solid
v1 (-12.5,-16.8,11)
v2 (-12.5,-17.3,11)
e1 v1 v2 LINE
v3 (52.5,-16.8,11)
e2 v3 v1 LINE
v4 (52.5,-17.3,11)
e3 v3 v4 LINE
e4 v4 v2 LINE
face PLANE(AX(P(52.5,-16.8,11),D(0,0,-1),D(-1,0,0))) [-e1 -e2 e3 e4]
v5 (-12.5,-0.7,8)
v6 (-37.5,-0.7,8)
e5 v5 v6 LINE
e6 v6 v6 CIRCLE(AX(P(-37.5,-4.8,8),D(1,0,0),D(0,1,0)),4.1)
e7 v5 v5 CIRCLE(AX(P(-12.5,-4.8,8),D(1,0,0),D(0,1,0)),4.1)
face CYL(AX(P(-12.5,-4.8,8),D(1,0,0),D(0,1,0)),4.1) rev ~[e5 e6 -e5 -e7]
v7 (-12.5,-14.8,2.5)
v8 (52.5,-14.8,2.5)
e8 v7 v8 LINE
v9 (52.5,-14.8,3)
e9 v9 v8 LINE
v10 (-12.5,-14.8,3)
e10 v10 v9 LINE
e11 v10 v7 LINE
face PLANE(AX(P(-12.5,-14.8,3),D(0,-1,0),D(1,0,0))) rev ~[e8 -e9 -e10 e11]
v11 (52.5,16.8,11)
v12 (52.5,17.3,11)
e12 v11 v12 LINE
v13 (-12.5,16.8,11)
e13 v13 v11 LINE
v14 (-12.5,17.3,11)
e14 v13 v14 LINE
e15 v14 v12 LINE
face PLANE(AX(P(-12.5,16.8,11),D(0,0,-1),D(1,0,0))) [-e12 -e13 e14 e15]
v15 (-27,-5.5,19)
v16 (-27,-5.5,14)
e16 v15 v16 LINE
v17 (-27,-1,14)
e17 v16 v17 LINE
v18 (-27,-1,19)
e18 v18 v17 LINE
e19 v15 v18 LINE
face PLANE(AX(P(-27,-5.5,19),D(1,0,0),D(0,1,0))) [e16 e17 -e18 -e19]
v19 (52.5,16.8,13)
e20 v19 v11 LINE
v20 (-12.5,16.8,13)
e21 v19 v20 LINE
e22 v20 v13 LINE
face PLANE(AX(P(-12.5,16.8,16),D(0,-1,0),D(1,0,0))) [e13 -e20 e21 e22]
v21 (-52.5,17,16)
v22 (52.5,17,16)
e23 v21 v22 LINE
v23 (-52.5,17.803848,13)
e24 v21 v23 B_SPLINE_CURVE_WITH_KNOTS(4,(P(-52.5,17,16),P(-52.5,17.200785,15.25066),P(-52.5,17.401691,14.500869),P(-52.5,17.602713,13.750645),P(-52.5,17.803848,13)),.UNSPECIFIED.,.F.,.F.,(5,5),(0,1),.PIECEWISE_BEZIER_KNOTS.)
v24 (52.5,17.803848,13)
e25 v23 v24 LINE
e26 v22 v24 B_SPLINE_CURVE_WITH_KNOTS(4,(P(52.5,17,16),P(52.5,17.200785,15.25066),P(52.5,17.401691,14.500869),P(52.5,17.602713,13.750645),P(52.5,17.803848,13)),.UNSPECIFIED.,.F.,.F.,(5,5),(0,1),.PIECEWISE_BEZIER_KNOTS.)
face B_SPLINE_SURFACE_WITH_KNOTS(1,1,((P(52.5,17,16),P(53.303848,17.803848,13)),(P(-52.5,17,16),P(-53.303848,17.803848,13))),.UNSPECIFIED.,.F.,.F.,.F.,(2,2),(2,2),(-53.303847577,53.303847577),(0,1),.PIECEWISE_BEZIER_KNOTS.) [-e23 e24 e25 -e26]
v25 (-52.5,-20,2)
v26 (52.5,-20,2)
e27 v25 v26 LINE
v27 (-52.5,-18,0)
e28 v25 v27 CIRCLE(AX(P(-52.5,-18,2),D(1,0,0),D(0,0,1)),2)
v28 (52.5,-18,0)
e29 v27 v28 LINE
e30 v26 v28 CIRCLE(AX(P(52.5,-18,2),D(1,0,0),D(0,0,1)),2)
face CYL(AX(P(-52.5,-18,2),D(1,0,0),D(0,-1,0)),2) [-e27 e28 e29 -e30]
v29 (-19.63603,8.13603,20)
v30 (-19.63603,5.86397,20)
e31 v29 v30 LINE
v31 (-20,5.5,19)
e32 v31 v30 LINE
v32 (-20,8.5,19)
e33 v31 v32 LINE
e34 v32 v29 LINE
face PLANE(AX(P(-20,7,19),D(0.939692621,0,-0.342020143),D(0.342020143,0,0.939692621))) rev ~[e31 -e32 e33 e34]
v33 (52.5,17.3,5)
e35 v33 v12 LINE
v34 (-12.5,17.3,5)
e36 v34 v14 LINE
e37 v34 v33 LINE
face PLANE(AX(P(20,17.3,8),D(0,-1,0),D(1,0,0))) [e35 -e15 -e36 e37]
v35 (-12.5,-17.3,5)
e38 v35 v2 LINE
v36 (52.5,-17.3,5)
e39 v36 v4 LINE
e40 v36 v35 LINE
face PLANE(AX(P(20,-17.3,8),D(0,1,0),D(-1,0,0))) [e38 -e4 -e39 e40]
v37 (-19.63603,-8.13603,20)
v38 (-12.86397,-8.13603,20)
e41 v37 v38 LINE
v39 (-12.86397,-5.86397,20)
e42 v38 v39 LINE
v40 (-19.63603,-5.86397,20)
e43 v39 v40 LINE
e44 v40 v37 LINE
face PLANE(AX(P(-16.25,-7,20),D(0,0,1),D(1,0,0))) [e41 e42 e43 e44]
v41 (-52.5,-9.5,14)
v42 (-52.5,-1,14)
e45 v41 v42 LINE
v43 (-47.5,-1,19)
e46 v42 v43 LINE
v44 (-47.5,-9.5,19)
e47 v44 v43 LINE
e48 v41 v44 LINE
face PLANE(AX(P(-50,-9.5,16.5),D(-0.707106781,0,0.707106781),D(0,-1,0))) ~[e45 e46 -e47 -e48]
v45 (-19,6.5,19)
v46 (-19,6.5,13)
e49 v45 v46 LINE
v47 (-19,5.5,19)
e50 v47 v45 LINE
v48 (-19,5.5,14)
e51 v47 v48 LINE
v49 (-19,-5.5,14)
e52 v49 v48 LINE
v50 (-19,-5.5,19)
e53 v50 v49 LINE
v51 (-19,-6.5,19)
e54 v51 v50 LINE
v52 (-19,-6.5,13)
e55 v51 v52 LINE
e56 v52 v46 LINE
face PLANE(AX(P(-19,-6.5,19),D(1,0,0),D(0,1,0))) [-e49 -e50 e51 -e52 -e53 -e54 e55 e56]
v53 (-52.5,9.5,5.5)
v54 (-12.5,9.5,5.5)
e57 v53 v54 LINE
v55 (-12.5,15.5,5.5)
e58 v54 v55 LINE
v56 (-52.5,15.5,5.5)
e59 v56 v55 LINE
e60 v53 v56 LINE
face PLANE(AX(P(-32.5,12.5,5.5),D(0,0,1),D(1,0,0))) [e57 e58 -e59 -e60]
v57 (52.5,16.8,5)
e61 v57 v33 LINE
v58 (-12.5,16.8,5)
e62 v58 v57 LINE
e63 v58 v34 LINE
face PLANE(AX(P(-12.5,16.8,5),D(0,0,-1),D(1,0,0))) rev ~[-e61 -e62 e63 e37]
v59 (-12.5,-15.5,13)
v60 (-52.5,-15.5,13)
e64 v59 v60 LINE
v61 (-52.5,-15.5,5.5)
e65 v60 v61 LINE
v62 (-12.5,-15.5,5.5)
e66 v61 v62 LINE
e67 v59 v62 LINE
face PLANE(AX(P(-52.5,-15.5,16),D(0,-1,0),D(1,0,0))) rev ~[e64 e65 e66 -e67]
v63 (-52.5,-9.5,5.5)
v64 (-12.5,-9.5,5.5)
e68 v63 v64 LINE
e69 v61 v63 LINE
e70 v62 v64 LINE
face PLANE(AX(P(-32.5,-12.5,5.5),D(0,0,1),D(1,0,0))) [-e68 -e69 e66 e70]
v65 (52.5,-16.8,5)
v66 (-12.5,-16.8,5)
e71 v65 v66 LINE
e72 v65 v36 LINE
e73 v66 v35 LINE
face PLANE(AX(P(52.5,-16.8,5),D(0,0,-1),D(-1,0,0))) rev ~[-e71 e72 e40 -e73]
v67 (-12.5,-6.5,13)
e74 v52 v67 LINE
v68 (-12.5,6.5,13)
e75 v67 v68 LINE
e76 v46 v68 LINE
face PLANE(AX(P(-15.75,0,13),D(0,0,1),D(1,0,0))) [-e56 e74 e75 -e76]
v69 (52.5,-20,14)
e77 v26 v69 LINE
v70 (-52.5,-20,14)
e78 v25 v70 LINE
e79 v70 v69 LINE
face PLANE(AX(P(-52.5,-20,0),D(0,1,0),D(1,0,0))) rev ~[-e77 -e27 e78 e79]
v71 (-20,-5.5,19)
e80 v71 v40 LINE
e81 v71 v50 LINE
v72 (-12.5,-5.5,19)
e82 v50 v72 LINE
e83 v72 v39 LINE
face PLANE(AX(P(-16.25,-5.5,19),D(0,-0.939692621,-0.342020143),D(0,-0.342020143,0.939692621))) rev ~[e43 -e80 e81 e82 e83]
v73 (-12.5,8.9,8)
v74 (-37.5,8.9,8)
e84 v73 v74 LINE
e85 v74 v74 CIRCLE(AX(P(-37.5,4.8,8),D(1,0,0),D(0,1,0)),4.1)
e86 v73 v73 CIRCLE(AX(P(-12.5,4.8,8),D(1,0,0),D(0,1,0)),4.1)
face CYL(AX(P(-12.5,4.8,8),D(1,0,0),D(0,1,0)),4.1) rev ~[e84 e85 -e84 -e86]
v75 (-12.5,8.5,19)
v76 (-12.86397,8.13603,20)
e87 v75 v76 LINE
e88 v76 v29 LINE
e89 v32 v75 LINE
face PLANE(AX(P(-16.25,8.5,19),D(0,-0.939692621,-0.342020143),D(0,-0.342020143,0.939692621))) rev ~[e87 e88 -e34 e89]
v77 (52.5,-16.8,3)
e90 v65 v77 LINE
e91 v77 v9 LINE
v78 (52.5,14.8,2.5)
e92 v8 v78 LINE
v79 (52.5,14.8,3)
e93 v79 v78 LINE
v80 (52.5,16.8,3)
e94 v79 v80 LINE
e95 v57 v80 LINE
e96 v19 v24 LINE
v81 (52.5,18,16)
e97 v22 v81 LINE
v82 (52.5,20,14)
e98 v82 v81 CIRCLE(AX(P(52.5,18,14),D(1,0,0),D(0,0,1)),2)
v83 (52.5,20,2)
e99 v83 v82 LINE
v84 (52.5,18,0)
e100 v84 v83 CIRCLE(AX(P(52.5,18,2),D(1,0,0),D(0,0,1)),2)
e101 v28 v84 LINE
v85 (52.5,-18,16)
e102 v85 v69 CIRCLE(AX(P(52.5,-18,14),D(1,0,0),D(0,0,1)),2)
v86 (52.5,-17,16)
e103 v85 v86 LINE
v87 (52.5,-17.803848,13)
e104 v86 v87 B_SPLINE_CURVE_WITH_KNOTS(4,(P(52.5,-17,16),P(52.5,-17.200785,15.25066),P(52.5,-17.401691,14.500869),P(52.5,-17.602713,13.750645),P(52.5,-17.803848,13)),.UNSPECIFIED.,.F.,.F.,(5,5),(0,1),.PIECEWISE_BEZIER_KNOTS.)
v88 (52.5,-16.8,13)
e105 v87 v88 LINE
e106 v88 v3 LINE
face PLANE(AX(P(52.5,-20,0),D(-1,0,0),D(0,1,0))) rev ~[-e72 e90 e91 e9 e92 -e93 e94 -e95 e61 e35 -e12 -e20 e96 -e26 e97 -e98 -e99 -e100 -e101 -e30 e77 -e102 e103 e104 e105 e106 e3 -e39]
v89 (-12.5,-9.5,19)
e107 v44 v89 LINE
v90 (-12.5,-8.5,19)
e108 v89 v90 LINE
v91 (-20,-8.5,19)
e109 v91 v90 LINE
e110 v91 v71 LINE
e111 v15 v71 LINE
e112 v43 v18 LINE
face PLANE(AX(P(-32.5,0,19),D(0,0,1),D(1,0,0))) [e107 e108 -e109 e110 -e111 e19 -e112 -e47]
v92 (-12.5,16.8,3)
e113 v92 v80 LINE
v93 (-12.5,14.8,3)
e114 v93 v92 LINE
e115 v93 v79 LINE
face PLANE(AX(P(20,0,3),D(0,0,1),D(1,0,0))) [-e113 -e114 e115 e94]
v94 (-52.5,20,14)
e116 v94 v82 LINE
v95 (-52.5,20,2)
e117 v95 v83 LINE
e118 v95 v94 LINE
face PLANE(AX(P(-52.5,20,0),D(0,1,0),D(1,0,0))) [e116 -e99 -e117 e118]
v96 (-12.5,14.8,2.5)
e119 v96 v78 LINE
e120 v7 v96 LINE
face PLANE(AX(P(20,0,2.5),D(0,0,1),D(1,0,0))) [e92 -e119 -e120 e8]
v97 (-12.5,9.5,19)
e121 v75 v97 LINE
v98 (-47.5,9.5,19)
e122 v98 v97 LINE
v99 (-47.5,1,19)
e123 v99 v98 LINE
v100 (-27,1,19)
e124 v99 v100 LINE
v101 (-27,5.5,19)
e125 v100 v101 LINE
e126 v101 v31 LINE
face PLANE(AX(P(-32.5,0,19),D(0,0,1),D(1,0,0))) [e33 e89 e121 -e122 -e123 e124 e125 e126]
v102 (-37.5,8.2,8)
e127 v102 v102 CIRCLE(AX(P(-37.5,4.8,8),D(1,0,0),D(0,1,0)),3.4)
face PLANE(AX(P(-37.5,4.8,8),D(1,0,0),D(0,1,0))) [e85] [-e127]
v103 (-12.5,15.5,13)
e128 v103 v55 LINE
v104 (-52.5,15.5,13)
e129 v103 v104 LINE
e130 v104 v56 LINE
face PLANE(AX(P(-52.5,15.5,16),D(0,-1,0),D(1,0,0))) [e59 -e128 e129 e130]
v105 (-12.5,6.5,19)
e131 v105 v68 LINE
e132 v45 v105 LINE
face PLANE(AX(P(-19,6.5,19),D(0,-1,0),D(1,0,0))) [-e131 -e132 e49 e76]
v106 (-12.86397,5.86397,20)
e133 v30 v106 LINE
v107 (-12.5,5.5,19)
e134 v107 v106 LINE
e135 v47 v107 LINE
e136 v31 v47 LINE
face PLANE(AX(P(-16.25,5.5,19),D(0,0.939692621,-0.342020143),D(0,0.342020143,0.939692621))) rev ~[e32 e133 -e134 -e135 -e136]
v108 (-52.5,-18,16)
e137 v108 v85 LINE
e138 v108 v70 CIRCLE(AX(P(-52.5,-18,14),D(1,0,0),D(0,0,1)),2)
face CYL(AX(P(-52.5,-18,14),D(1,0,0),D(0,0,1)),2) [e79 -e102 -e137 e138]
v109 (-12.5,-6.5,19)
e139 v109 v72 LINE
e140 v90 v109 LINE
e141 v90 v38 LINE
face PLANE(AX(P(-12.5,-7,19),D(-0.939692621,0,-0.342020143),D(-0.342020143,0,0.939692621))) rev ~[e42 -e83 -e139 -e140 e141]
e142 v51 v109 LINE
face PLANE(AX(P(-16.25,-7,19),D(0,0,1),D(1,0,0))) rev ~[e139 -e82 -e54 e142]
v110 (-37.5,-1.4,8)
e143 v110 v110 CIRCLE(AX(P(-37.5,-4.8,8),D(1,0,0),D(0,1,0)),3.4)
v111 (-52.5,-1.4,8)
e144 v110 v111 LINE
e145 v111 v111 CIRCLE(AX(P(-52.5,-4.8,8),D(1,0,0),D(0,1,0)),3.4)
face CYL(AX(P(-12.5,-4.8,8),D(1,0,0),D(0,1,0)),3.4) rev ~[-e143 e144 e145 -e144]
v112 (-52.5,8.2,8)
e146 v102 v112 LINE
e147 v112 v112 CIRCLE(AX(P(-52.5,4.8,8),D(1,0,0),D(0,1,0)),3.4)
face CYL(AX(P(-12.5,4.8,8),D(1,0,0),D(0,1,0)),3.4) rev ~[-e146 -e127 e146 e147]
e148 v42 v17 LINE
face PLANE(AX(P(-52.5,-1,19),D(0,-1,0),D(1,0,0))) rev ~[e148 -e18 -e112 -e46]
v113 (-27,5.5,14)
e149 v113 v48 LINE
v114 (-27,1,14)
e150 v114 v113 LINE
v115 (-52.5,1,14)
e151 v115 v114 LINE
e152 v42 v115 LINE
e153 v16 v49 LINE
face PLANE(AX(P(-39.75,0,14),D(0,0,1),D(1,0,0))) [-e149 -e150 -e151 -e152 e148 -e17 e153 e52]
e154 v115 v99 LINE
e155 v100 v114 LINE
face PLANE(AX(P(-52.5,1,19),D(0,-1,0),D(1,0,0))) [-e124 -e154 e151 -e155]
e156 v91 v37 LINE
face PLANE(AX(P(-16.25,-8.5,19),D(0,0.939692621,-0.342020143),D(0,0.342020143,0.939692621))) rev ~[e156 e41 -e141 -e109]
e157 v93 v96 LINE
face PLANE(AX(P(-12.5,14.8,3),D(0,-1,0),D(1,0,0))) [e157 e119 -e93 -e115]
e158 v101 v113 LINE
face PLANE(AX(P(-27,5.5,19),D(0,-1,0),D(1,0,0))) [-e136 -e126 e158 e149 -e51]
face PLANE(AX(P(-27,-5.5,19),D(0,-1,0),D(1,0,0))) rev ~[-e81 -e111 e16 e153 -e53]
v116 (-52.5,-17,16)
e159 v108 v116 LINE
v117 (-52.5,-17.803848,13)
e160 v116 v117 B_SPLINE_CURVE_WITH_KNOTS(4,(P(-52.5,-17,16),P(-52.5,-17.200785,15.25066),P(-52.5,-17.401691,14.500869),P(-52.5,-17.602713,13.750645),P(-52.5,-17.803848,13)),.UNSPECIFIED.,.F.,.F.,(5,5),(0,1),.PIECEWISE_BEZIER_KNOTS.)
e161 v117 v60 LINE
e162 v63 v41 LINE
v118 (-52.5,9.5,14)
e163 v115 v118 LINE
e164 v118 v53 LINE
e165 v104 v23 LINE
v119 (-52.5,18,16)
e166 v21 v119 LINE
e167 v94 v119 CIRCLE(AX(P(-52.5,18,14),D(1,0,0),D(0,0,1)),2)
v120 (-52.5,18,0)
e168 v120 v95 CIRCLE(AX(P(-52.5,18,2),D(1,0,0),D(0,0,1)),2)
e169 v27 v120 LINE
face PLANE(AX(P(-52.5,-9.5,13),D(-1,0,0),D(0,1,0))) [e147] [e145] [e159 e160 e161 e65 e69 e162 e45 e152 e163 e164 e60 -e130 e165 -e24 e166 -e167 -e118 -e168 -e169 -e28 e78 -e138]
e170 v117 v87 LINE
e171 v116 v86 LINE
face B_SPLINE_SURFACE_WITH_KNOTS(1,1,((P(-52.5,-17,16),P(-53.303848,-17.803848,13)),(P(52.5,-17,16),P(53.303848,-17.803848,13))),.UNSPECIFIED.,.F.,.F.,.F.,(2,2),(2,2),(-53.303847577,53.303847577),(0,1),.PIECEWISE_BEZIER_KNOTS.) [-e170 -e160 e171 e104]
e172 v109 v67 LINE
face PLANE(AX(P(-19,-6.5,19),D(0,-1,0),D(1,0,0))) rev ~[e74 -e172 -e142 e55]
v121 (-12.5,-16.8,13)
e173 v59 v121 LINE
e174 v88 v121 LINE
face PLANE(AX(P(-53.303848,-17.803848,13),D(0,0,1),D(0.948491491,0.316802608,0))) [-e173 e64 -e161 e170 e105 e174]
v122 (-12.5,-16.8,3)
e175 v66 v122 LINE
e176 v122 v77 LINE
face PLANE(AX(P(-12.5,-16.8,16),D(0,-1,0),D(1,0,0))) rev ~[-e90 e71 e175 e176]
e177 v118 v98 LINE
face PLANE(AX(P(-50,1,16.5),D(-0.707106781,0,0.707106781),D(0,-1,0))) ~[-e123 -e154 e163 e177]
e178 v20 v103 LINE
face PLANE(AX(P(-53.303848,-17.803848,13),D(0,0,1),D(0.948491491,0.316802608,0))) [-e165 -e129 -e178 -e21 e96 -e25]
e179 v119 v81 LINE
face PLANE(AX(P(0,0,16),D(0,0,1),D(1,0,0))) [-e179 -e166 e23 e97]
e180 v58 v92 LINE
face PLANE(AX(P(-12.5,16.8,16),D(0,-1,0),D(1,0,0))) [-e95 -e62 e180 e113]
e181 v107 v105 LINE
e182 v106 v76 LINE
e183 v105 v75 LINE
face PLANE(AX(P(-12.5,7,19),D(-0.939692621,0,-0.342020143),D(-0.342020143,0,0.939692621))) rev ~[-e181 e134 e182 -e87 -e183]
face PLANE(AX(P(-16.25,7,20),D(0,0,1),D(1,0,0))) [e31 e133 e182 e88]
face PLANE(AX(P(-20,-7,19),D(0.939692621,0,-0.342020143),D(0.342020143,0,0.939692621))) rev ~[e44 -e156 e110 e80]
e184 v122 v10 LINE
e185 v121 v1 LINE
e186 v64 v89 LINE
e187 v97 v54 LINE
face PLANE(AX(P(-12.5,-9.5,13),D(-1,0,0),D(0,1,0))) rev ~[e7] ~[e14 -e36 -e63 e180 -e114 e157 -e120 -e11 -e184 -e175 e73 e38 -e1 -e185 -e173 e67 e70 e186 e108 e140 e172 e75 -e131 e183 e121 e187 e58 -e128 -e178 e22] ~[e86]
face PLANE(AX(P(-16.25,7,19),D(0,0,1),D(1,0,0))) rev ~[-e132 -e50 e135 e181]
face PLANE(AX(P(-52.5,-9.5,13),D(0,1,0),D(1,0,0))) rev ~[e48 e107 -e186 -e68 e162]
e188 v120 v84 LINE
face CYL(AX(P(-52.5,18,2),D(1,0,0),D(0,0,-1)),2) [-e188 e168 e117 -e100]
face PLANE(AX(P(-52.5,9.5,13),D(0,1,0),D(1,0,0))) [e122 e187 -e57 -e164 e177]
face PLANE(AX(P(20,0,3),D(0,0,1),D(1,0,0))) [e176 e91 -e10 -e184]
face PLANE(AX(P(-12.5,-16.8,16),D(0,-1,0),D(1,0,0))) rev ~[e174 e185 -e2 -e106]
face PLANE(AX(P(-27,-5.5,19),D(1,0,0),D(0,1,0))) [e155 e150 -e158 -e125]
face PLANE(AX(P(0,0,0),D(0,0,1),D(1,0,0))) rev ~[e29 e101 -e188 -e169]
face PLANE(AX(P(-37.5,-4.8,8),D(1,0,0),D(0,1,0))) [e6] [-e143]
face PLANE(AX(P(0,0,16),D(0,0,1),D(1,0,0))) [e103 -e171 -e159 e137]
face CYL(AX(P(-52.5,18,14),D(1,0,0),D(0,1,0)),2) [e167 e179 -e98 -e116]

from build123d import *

# Parameters (mm, degrees)
SKETCH_W        = 105
SKETCH_H        = 40
PAD_DEPTH       = 16
SKETCH001_W     = 65
SKETCH001_H     = 33.6
POCKET_DEPTH    = 13
SKETCH002_R     = 3.4
POCKET001_DEPTH = 40.001
SKETCH014_R     = 4.1
POCKET002_DEPTH = 25
SKETCH006_W     = 40
SKETCH006_H     = 6
POCKET003_DEPTH = 10.5
SKETCH011_W     = 105
SKETCH011_H     = 34
POCKET004_DEPTH = 3
POCKET004_TAPER = -15
SKETCH008_W     = 65
SKETCH008_H     = 29.6
POCKET005_DEPTH = 0.5
SKETCH010_W     = 65
SKETCH010_H     = 6
POCKET006_DEPTH = 0.5
SKETCH015_W     = 65
SKETCH015_H     = 6
POCKET007_DEPTH = 0.5
SKETCH016_W     = 40
SKETCH016_H     = 19
PAD001_DEPTH    = 6
SKETCH017_W     = 6.5
SKETCH017_H     = 13
POCKET008_DEPTH = 6
SKETCH018_W     = 8
SKETCH018_H     = 11
POCKET009_DEPTH = 5
SKETCH019_W     = 25.5
SKETCH019_H     = 2
POCKET010_DEPTH = 5
SKETCH020_W     = 7.5
SKETCH020_H     = 3
PAD002_DEPTH    = 1
PAD002_TAPER    = 20
FILLET_R        = 2
CHAMFER_SIZE    = 5


with BuildPart() as part:
    # Sketch → Pad (new body)
    with BuildSketch(Plane.XY):
        Rectangle(SKETCH_W, SKETCH_H)
    extrude(amount=PAD_DEPTH)

    # Sketch001 (on Face6 of Pad) → Pocket (cut)
    with BuildSketch(Plane.XY.offset(16)):
        with Locations((20, 0)):
            Rectangle(SKETCH001_W, SKETCH001_H)
    extrude(amount=-POCKET_DEPTH, mode=Mode.SUBTRACT)

    # Sketch002 (on Face10 of Pocket) → Pocket001 (cut, through all)
    with BuildSketch(Plane.YZ.offset(-12.5)):
        with Locations((4.8, 8)):
            Circle(SKETCH002_R)
        with Locations((-4.8, 8)):
            Circle(SKETCH002_R)
    extrude(amount=-POCKET001_DEPTH, mode=Mode.SUBTRACT)

    # Sketch014 (on Face12 of Pocket001) → Pocket002 (cut)
    with BuildSketch(Plane.YZ.offset(-12.5)):
        with Locations((4.8, 8)):
            Circle(SKETCH014_R)
        with Locations((-4.8, 8)):
            Circle(SKETCH014_R)
    extrude(amount=-POCKET002_DEPTH, mode=Mode.SUBTRACT)

    # Sketch006 → Pocket003 (cut)
    with BuildSketch(Plane.XY.offset(16)):
        with Locations((-32.5, 12.5)):
            Rectangle(SKETCH006_W, SKETCH006_H)
        with Locations((-32.5, -12.5)):
            Rectangle(SKETCH006_W, SKETCH006_H)
    extrude(amount=-POCKET003_DEPTH, mode=Mode.SUBTRACT)

    # Sketch011 → Pocket004 (cut)
    with BuildSketch(Plane.XY.offset(16)):
        Rectangle(SKETCH011_W, SKETCH011_H)
    extrude(amount=-POCKET004_DEPTH, taper=POCKET004_TAPER, mode=Mode.SUBTRACT)

    # Sketch008 → Pocket005 (cut)
    with BuildSketch(Plane.XY.offset(3)):
        with Locations((20, 0)):
            Rectangle(SKETCH008_W, SKETCH008_H)
    extrude(amount=-POCKET005_DEPTH, mode=Mode.SUBTRACT)

    # Sketch010 → Pocket006 (cut)
    with BuildSketch(Plane(origin=(0, -16.8, 0), x_dir=(-1, 0, 0), z_dir=(0, 1, 0))):
        with Locations((-20, 8)):
            Rectangle(SKETCH010_W, SKETCH010_H)
    extrude(amount=-POCKET006_DEPTH, mode=Mode.SUBTRACT)

    # Sketch015 (on Face31 of Pocket006) → Pocket007 (cut)
    with BuildSketch(Plane.XZ.offset(-16.8)):
        with Locations((20, 8)):
            Rectangle(SKETCH015_W, SKETCH015_H)
    extrude(amount=-POCKET007_DEPTH, mode=Mode.SUBTRACT)

    # Sketch016 (on Face11 of Pocket007) → Pad001 (join)
    with BuildSketch(Plane.XY.offset(13)):
        with Locations((-32.5, 0)):
            Rectangle(SKETCH016_W, SKETCH016_H)
    extrude(amount=PAD001_DEPTH)

    # Sketch017 (on Face39 of Pad001) → Pocket008 (cut)
    with BuildSketch(Plane.XY.offset(19)):
        with Locations((-15.75, 0)):
            Rectangle(SKETCH017_W, SKETCH017_H)
    extrude(amount=-POCKET008_DEPTH, mode=Mode.SUBTRACT)

    # Sketch018 (on Face39 of Pocket008) → Pocket009 (cut)
    with BuildSketch(Plane.XY.offset(19)):
        with Locations((-23, 0)):
            Rectangle(SKETCH018_W, SKETCH018_H)
    extrude(amount=-POCKET009_DEPTH, mode=Mode.SUBTRACT)

    # Sketch019 (on Face39 of Pocket009) → Pocket010 (cut)
    with BuildSketch(Plane.XY.offset(19)):
        with Locations((-39.75, 0)):
            Rectangle(SKETCH019_W, SKETCH019_H)
    extrude(amount=-POCKET010_DEPTH, mode=Mode.SUBTRACT)

    # Sketch020 (on Face42 of Pocket010) → Pad002 (join)
    with BuildSketch(Plane.XY.offset(19)):
        with Locations((-16.25, 7)):
            Rectangle(SKETCH020_W, SKETCH020_H)
        with Locations((-16.25, -7)):
            Rectangle(SKETCH020_W, SKETCH020_H)
    extrude(amount=PAD002_DEPTH, taper=PAD002_TAPER)

    # Fillet
    fillet_edges = [part.edges().sort_by_distance(p)[0] for p in [
        (0, -20, 16),
        (0, -20, 0),
        (0, 20, 16),
        (0, 20, 0),
    ]]
    fillet(fillet_edges, radius=FILLET_R)

    # Chamfer
    chamfer_edges = [part.edges().sort_by_distance(p)[0] for p in [
        (-52.5, -5.25, 19),
        (-52.5, 5.25, 19),
    ]]
    chamfer(chamfer_edges, length=CHAMFER_SIZE)


solid = part.part
